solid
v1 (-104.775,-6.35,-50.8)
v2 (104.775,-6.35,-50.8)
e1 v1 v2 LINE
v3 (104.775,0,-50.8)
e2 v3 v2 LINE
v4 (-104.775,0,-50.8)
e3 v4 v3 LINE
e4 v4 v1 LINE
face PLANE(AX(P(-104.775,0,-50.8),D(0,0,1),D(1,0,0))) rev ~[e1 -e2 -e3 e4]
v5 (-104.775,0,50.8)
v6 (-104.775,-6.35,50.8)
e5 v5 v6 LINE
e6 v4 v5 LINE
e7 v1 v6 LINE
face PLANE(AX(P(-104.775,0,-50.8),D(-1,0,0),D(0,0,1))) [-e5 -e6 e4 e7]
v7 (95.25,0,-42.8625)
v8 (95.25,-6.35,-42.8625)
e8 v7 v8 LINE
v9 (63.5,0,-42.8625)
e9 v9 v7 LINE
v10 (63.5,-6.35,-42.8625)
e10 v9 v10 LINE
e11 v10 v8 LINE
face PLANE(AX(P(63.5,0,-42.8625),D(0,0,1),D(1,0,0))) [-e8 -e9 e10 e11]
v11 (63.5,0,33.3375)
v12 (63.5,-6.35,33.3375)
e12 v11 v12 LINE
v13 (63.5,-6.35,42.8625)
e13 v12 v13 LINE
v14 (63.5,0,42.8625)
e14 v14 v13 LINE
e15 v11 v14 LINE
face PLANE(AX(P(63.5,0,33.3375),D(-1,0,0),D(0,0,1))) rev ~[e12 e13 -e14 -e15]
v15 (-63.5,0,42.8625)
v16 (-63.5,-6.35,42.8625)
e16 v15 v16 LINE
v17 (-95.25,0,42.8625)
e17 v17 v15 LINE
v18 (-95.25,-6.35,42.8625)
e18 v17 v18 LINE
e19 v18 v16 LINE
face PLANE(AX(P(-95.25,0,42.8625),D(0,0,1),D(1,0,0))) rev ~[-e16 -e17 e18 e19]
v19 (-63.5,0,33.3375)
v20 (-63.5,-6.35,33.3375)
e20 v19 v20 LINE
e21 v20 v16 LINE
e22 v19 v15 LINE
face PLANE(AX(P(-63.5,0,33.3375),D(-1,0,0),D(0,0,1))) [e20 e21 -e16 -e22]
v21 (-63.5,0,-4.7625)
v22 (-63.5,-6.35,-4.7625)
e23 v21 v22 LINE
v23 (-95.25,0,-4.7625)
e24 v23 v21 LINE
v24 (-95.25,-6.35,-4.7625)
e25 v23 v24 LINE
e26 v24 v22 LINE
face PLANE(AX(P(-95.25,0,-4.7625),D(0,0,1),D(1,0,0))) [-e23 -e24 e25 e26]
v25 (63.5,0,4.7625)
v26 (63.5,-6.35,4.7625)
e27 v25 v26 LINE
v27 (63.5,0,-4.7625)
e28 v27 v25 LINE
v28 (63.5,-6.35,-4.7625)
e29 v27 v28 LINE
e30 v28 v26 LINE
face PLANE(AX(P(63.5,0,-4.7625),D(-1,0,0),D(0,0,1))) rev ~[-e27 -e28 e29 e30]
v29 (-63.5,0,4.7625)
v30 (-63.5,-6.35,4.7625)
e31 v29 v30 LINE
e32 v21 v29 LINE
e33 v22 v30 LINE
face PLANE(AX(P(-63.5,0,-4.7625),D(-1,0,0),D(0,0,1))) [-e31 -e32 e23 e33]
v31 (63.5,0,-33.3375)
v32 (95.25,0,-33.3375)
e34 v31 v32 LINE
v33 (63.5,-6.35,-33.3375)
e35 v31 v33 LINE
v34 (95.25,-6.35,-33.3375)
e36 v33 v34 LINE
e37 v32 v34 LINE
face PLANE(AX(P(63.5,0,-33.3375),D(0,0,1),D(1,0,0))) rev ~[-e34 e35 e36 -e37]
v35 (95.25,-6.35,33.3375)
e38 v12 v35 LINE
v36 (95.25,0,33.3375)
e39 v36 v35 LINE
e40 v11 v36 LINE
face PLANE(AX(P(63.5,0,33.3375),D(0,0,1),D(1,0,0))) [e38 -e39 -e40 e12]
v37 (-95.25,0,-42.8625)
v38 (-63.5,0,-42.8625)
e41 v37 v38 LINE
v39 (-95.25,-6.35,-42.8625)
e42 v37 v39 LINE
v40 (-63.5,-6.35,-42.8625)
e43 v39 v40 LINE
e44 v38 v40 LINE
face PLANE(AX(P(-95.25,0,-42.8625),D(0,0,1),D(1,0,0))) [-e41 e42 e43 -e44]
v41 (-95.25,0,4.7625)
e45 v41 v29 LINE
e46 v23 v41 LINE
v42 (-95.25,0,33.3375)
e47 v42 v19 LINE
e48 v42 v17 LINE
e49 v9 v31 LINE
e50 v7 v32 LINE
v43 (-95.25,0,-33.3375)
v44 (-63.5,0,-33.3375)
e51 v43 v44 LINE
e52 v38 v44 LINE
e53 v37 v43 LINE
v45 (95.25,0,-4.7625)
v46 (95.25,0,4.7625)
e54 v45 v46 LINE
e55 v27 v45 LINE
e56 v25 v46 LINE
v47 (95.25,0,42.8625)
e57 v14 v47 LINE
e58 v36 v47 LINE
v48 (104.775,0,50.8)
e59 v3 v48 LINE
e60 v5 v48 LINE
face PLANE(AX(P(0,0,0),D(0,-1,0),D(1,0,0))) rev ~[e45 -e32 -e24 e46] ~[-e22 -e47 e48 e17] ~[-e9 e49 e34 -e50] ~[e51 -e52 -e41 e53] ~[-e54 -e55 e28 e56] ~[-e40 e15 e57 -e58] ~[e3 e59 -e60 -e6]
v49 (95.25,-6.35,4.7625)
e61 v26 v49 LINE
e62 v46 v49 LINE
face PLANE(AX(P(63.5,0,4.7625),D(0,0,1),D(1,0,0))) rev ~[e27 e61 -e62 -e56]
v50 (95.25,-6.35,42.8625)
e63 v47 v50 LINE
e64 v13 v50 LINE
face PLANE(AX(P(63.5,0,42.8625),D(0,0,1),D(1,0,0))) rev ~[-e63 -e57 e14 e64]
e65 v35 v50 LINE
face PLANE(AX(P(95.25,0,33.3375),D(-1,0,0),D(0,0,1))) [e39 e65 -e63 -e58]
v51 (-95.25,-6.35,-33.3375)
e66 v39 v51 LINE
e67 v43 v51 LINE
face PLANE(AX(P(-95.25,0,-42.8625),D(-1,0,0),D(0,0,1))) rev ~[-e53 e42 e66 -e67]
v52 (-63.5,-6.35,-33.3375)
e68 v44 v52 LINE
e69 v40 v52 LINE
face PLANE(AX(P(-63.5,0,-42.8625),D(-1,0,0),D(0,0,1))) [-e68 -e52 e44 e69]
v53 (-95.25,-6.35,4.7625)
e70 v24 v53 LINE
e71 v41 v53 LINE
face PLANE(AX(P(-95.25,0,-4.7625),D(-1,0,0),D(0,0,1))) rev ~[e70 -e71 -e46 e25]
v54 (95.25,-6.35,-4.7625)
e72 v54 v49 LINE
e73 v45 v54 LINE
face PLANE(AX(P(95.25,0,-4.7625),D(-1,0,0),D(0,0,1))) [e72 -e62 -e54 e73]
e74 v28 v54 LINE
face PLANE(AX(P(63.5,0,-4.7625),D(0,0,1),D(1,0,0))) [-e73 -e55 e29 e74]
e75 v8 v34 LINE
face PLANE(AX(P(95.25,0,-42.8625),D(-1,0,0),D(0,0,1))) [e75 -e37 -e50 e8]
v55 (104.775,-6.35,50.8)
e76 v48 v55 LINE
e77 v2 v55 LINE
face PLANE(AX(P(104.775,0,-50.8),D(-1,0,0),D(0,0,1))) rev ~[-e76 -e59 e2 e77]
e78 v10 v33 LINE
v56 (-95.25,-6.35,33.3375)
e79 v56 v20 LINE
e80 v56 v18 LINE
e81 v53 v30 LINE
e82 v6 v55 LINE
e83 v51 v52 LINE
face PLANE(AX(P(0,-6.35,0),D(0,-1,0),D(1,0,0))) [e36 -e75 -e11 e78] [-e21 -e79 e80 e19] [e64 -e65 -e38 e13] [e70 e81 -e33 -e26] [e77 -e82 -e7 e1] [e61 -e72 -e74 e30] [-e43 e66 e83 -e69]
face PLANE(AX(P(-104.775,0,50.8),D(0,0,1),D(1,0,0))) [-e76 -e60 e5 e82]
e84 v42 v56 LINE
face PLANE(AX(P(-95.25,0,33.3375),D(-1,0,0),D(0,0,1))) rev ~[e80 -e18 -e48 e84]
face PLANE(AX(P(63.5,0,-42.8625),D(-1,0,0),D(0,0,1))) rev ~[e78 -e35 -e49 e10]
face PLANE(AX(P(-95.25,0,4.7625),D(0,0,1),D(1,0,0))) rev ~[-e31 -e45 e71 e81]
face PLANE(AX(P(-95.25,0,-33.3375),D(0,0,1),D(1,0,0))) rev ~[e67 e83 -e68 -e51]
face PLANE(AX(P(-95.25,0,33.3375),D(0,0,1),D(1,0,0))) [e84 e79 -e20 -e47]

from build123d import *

# Parameters (mm, degrees)
F0_W     = 209.55
F0_H     = 101.6
F0_W_2   = 31.75
F0_H_2   = 9.525
F1_DEPTH = 6.35


with BuildPart() as f1:
    # F0 (on Front) → F1 (new body)
    with BuildSketch(Plane.XZ):
        Rectangle(F0_W, F0_H)
        with Locations((-79.375, -38.1)):
            Rectangle(F0_W_2, F0_H_2, mode=Mode.SUBTRACT)
        with Locations((-79.375, 0)):
            Rectangle(F0_W_2, F0_H_2, mode=Mode.SUBTRACT)
        with Locations((79.375, -38.1)):
            Rectangle(F0_W_2, F0_H_2, mode=Mode.SUBTRACT)
        with Locations((79.375, 0)):
            Rectangle(F0_W_2, F0_H_2, mode=Mode.SUBTRACT)
        with Locations((-79.375, 38.1)):
            Rectangle(F0_W_2, F0_H_2, mode=Mode.SUBTRACT)
        with Locations((79.375, 38.1)):
            Rectangle(F0_W_2, F0_H_2, mode=Mode.SUBTRACT)
    extrude(amount=F1_DEPTH)


solid = f1.part
